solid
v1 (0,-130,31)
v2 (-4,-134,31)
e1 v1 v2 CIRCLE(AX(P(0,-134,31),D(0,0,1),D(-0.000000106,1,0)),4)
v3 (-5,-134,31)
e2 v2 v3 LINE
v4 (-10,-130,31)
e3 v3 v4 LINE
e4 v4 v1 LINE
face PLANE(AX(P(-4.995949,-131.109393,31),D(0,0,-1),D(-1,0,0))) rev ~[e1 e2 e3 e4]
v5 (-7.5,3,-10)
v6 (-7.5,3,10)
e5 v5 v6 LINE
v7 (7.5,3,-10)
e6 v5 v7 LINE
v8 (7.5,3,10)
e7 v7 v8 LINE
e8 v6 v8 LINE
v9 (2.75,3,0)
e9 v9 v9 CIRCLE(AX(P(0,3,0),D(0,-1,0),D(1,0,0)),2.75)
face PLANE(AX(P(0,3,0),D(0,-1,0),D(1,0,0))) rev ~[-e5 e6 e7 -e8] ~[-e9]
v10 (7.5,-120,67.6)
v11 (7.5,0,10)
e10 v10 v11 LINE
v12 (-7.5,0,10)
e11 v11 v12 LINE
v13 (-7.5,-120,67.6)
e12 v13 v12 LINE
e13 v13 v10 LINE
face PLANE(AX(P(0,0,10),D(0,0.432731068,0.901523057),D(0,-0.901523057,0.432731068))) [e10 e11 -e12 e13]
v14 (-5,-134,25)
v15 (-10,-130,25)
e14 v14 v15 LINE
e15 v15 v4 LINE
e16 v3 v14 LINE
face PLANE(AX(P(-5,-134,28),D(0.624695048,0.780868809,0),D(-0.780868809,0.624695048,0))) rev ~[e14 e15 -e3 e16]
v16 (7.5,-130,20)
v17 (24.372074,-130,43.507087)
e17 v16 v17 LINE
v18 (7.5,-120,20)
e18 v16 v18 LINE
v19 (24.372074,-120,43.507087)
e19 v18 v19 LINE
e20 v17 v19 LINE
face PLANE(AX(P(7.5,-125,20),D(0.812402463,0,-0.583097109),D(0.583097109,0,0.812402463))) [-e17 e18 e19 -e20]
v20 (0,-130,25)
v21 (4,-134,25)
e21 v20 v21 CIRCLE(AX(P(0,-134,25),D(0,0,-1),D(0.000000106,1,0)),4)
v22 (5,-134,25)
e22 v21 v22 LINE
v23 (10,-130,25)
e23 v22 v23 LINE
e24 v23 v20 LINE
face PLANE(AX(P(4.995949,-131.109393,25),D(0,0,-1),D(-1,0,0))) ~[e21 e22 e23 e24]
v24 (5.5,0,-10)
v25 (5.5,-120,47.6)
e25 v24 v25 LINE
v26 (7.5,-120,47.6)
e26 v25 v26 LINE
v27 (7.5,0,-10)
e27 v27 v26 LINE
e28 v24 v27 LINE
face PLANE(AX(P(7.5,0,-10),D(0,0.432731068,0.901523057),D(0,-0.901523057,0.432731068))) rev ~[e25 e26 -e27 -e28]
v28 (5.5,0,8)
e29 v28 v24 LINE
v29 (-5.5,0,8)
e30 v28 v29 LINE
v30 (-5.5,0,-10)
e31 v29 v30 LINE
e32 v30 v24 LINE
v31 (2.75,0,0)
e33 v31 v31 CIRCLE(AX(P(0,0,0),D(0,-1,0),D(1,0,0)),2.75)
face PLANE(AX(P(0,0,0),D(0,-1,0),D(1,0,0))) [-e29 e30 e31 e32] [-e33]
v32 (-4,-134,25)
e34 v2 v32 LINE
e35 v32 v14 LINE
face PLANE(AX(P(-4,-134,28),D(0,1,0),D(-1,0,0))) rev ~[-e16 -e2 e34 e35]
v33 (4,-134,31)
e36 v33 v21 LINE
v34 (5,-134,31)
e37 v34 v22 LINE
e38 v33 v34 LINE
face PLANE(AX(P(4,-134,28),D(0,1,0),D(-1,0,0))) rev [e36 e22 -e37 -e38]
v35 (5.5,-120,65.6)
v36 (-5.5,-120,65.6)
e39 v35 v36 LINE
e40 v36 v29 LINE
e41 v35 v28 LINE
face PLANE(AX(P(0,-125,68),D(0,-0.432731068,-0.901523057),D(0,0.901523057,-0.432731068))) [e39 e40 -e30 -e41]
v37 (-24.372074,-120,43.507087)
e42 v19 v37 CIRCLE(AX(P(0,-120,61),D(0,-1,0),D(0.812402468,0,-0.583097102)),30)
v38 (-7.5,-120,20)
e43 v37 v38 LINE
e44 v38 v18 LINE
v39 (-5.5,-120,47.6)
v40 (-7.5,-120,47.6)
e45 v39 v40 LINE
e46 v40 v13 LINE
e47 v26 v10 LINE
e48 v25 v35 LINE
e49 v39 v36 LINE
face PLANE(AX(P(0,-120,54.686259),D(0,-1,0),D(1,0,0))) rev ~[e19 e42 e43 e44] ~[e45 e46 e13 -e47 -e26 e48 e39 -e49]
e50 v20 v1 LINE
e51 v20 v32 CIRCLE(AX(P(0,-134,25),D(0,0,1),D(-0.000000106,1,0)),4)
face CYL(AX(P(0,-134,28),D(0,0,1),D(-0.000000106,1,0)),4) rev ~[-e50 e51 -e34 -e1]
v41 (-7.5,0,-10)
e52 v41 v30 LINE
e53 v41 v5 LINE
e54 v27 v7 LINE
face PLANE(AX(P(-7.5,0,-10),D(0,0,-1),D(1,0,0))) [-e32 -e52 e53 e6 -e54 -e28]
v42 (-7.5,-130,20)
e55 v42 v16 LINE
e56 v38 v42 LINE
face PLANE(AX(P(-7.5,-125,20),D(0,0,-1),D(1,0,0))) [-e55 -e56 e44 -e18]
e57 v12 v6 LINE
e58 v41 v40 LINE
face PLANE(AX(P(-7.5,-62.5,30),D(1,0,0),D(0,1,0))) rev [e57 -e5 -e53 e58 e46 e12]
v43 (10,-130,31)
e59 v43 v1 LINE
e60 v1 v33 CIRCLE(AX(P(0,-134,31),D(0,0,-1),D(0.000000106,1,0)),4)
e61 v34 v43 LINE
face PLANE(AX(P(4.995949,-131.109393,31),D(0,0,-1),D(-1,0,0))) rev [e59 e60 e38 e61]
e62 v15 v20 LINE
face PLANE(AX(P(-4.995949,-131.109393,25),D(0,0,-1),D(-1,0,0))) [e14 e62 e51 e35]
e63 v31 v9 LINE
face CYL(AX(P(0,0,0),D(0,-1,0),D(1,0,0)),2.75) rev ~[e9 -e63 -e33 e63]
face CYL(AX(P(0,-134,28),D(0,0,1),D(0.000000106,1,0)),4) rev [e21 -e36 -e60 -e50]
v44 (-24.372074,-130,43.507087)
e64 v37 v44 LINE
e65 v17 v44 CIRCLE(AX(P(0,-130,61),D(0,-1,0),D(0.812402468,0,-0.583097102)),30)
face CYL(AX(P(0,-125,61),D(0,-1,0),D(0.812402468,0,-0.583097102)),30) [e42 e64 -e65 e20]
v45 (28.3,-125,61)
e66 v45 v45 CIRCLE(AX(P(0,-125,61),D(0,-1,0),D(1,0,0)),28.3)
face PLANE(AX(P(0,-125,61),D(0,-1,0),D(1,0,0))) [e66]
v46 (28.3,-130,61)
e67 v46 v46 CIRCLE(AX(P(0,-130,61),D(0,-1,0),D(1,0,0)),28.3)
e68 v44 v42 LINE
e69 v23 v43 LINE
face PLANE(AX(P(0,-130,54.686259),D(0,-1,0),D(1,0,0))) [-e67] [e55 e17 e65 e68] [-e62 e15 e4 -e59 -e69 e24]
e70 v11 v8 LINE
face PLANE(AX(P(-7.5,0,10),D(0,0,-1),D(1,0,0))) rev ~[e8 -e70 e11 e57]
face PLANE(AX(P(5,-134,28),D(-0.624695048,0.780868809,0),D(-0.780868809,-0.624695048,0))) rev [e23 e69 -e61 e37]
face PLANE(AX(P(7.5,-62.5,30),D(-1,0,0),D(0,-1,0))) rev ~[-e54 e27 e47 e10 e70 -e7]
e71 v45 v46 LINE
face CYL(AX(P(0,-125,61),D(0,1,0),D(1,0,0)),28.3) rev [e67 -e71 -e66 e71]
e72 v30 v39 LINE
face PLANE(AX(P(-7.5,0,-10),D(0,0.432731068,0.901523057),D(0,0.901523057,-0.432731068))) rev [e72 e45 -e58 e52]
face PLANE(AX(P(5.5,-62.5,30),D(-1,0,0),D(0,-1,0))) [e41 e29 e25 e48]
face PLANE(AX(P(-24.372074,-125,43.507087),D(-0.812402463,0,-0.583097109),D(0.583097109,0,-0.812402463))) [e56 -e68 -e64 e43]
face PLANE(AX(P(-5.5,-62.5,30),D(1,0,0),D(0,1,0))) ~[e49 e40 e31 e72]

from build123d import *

# Parameters (mm, degrees)
SKETCH_W     = 15
SKETCH_H     = 20
SKETCH_R     = 2.75
PAD_DEPTH    = 3
PAD001_DEPTH = 2
PAD002_DEPTH = 5.5
PAD003_DEPTH = 5
SKETCH004_R  = 28.3
POCKET_DEPTH = 5
PAD004_DEPTH = 3


with BuildPart() as part:
    # Sketch → Pad (new body)
    with BuildSketch(Plane.XZ):
        Rectangle(SKETCH_W, SKETCH_H)
        Circle(SKETCH_R, mode=Mode.SUBTRACT)
    extrude(amount=-PAD_DEPTH)

    # Sketch001 (on DatumPlane) → Pad001 (join)
    with BuildSketch(Plane.YZ.offset(7.5)):
        Polygon((0, -10), (-125, 50), (-125, 70), (0, 10), align=None)
    pad001 = extrude(amount=-PAD001_DEPTH)

    # Mirrored: Pad001 across YZ
    add(pad001.mirror(Plane.YZ))

    # Sketch002 → Pad002 (join, symmetric)
    with BuildSketch(Plane.YZ):
        Polygon((0, 10), (-125, 70), (-125, 68), (0, 8), align=None)
    extrude(amount=PAD002_DEPTH, both=True)

    # Sketch003 (on DatumPlane) → Pad003 (join, symmetric)
    with BuildSketch(Plane.XZ.offset(125)):
        with BuildLine():
            ThreePointArc((24.372074, 43.507087), (0, 91), (-24.372074, 43.507087))
            Line((-24.372074, 43.507087), (-7.5, 20))
            Line((-7.5, 20), (7.5, 20))
            Line((7.5, 20), (24.372074, 43.507087))
        make_face()
    extrude(amount=PAD003_DEPTH, both=True)

    # Sketch004 (on DatumPlane) → Pocket (cut)
    with BuildSketch(Plane.XZ.offset(125)):
        with Locations((0, 61)):
            Circle(SKETCH004_R)
    extrude(amount=POCKET_DEPTH, mode=Mode.SUBTRACT)

    # Sketch005 (on DatumPlane) → Pad004 (join, symmetric)
    with BuildSketch(Plane.XY.offset(28)):
        with BuildLine():
            ThreePointArc((0, -130), (-2.828427, -131.171573), (-4, -134))
            Line((-4, -134), (-5, -134))
            Line((-5, -134), (-10, -130))
            Line((-10, -130), (0, -130))
        make_face()
    pad004 = extrude(amount=PAD004_DEPTH, both=True)

    # Mirrored001: Pad004 across Sketch005 V_Axis
    add(pad004.mirror(Plane(origin=(0, 0, 28), x_dir=(0, 0, 1), z_dir=(1, 0, 0))))


solid = part.part
